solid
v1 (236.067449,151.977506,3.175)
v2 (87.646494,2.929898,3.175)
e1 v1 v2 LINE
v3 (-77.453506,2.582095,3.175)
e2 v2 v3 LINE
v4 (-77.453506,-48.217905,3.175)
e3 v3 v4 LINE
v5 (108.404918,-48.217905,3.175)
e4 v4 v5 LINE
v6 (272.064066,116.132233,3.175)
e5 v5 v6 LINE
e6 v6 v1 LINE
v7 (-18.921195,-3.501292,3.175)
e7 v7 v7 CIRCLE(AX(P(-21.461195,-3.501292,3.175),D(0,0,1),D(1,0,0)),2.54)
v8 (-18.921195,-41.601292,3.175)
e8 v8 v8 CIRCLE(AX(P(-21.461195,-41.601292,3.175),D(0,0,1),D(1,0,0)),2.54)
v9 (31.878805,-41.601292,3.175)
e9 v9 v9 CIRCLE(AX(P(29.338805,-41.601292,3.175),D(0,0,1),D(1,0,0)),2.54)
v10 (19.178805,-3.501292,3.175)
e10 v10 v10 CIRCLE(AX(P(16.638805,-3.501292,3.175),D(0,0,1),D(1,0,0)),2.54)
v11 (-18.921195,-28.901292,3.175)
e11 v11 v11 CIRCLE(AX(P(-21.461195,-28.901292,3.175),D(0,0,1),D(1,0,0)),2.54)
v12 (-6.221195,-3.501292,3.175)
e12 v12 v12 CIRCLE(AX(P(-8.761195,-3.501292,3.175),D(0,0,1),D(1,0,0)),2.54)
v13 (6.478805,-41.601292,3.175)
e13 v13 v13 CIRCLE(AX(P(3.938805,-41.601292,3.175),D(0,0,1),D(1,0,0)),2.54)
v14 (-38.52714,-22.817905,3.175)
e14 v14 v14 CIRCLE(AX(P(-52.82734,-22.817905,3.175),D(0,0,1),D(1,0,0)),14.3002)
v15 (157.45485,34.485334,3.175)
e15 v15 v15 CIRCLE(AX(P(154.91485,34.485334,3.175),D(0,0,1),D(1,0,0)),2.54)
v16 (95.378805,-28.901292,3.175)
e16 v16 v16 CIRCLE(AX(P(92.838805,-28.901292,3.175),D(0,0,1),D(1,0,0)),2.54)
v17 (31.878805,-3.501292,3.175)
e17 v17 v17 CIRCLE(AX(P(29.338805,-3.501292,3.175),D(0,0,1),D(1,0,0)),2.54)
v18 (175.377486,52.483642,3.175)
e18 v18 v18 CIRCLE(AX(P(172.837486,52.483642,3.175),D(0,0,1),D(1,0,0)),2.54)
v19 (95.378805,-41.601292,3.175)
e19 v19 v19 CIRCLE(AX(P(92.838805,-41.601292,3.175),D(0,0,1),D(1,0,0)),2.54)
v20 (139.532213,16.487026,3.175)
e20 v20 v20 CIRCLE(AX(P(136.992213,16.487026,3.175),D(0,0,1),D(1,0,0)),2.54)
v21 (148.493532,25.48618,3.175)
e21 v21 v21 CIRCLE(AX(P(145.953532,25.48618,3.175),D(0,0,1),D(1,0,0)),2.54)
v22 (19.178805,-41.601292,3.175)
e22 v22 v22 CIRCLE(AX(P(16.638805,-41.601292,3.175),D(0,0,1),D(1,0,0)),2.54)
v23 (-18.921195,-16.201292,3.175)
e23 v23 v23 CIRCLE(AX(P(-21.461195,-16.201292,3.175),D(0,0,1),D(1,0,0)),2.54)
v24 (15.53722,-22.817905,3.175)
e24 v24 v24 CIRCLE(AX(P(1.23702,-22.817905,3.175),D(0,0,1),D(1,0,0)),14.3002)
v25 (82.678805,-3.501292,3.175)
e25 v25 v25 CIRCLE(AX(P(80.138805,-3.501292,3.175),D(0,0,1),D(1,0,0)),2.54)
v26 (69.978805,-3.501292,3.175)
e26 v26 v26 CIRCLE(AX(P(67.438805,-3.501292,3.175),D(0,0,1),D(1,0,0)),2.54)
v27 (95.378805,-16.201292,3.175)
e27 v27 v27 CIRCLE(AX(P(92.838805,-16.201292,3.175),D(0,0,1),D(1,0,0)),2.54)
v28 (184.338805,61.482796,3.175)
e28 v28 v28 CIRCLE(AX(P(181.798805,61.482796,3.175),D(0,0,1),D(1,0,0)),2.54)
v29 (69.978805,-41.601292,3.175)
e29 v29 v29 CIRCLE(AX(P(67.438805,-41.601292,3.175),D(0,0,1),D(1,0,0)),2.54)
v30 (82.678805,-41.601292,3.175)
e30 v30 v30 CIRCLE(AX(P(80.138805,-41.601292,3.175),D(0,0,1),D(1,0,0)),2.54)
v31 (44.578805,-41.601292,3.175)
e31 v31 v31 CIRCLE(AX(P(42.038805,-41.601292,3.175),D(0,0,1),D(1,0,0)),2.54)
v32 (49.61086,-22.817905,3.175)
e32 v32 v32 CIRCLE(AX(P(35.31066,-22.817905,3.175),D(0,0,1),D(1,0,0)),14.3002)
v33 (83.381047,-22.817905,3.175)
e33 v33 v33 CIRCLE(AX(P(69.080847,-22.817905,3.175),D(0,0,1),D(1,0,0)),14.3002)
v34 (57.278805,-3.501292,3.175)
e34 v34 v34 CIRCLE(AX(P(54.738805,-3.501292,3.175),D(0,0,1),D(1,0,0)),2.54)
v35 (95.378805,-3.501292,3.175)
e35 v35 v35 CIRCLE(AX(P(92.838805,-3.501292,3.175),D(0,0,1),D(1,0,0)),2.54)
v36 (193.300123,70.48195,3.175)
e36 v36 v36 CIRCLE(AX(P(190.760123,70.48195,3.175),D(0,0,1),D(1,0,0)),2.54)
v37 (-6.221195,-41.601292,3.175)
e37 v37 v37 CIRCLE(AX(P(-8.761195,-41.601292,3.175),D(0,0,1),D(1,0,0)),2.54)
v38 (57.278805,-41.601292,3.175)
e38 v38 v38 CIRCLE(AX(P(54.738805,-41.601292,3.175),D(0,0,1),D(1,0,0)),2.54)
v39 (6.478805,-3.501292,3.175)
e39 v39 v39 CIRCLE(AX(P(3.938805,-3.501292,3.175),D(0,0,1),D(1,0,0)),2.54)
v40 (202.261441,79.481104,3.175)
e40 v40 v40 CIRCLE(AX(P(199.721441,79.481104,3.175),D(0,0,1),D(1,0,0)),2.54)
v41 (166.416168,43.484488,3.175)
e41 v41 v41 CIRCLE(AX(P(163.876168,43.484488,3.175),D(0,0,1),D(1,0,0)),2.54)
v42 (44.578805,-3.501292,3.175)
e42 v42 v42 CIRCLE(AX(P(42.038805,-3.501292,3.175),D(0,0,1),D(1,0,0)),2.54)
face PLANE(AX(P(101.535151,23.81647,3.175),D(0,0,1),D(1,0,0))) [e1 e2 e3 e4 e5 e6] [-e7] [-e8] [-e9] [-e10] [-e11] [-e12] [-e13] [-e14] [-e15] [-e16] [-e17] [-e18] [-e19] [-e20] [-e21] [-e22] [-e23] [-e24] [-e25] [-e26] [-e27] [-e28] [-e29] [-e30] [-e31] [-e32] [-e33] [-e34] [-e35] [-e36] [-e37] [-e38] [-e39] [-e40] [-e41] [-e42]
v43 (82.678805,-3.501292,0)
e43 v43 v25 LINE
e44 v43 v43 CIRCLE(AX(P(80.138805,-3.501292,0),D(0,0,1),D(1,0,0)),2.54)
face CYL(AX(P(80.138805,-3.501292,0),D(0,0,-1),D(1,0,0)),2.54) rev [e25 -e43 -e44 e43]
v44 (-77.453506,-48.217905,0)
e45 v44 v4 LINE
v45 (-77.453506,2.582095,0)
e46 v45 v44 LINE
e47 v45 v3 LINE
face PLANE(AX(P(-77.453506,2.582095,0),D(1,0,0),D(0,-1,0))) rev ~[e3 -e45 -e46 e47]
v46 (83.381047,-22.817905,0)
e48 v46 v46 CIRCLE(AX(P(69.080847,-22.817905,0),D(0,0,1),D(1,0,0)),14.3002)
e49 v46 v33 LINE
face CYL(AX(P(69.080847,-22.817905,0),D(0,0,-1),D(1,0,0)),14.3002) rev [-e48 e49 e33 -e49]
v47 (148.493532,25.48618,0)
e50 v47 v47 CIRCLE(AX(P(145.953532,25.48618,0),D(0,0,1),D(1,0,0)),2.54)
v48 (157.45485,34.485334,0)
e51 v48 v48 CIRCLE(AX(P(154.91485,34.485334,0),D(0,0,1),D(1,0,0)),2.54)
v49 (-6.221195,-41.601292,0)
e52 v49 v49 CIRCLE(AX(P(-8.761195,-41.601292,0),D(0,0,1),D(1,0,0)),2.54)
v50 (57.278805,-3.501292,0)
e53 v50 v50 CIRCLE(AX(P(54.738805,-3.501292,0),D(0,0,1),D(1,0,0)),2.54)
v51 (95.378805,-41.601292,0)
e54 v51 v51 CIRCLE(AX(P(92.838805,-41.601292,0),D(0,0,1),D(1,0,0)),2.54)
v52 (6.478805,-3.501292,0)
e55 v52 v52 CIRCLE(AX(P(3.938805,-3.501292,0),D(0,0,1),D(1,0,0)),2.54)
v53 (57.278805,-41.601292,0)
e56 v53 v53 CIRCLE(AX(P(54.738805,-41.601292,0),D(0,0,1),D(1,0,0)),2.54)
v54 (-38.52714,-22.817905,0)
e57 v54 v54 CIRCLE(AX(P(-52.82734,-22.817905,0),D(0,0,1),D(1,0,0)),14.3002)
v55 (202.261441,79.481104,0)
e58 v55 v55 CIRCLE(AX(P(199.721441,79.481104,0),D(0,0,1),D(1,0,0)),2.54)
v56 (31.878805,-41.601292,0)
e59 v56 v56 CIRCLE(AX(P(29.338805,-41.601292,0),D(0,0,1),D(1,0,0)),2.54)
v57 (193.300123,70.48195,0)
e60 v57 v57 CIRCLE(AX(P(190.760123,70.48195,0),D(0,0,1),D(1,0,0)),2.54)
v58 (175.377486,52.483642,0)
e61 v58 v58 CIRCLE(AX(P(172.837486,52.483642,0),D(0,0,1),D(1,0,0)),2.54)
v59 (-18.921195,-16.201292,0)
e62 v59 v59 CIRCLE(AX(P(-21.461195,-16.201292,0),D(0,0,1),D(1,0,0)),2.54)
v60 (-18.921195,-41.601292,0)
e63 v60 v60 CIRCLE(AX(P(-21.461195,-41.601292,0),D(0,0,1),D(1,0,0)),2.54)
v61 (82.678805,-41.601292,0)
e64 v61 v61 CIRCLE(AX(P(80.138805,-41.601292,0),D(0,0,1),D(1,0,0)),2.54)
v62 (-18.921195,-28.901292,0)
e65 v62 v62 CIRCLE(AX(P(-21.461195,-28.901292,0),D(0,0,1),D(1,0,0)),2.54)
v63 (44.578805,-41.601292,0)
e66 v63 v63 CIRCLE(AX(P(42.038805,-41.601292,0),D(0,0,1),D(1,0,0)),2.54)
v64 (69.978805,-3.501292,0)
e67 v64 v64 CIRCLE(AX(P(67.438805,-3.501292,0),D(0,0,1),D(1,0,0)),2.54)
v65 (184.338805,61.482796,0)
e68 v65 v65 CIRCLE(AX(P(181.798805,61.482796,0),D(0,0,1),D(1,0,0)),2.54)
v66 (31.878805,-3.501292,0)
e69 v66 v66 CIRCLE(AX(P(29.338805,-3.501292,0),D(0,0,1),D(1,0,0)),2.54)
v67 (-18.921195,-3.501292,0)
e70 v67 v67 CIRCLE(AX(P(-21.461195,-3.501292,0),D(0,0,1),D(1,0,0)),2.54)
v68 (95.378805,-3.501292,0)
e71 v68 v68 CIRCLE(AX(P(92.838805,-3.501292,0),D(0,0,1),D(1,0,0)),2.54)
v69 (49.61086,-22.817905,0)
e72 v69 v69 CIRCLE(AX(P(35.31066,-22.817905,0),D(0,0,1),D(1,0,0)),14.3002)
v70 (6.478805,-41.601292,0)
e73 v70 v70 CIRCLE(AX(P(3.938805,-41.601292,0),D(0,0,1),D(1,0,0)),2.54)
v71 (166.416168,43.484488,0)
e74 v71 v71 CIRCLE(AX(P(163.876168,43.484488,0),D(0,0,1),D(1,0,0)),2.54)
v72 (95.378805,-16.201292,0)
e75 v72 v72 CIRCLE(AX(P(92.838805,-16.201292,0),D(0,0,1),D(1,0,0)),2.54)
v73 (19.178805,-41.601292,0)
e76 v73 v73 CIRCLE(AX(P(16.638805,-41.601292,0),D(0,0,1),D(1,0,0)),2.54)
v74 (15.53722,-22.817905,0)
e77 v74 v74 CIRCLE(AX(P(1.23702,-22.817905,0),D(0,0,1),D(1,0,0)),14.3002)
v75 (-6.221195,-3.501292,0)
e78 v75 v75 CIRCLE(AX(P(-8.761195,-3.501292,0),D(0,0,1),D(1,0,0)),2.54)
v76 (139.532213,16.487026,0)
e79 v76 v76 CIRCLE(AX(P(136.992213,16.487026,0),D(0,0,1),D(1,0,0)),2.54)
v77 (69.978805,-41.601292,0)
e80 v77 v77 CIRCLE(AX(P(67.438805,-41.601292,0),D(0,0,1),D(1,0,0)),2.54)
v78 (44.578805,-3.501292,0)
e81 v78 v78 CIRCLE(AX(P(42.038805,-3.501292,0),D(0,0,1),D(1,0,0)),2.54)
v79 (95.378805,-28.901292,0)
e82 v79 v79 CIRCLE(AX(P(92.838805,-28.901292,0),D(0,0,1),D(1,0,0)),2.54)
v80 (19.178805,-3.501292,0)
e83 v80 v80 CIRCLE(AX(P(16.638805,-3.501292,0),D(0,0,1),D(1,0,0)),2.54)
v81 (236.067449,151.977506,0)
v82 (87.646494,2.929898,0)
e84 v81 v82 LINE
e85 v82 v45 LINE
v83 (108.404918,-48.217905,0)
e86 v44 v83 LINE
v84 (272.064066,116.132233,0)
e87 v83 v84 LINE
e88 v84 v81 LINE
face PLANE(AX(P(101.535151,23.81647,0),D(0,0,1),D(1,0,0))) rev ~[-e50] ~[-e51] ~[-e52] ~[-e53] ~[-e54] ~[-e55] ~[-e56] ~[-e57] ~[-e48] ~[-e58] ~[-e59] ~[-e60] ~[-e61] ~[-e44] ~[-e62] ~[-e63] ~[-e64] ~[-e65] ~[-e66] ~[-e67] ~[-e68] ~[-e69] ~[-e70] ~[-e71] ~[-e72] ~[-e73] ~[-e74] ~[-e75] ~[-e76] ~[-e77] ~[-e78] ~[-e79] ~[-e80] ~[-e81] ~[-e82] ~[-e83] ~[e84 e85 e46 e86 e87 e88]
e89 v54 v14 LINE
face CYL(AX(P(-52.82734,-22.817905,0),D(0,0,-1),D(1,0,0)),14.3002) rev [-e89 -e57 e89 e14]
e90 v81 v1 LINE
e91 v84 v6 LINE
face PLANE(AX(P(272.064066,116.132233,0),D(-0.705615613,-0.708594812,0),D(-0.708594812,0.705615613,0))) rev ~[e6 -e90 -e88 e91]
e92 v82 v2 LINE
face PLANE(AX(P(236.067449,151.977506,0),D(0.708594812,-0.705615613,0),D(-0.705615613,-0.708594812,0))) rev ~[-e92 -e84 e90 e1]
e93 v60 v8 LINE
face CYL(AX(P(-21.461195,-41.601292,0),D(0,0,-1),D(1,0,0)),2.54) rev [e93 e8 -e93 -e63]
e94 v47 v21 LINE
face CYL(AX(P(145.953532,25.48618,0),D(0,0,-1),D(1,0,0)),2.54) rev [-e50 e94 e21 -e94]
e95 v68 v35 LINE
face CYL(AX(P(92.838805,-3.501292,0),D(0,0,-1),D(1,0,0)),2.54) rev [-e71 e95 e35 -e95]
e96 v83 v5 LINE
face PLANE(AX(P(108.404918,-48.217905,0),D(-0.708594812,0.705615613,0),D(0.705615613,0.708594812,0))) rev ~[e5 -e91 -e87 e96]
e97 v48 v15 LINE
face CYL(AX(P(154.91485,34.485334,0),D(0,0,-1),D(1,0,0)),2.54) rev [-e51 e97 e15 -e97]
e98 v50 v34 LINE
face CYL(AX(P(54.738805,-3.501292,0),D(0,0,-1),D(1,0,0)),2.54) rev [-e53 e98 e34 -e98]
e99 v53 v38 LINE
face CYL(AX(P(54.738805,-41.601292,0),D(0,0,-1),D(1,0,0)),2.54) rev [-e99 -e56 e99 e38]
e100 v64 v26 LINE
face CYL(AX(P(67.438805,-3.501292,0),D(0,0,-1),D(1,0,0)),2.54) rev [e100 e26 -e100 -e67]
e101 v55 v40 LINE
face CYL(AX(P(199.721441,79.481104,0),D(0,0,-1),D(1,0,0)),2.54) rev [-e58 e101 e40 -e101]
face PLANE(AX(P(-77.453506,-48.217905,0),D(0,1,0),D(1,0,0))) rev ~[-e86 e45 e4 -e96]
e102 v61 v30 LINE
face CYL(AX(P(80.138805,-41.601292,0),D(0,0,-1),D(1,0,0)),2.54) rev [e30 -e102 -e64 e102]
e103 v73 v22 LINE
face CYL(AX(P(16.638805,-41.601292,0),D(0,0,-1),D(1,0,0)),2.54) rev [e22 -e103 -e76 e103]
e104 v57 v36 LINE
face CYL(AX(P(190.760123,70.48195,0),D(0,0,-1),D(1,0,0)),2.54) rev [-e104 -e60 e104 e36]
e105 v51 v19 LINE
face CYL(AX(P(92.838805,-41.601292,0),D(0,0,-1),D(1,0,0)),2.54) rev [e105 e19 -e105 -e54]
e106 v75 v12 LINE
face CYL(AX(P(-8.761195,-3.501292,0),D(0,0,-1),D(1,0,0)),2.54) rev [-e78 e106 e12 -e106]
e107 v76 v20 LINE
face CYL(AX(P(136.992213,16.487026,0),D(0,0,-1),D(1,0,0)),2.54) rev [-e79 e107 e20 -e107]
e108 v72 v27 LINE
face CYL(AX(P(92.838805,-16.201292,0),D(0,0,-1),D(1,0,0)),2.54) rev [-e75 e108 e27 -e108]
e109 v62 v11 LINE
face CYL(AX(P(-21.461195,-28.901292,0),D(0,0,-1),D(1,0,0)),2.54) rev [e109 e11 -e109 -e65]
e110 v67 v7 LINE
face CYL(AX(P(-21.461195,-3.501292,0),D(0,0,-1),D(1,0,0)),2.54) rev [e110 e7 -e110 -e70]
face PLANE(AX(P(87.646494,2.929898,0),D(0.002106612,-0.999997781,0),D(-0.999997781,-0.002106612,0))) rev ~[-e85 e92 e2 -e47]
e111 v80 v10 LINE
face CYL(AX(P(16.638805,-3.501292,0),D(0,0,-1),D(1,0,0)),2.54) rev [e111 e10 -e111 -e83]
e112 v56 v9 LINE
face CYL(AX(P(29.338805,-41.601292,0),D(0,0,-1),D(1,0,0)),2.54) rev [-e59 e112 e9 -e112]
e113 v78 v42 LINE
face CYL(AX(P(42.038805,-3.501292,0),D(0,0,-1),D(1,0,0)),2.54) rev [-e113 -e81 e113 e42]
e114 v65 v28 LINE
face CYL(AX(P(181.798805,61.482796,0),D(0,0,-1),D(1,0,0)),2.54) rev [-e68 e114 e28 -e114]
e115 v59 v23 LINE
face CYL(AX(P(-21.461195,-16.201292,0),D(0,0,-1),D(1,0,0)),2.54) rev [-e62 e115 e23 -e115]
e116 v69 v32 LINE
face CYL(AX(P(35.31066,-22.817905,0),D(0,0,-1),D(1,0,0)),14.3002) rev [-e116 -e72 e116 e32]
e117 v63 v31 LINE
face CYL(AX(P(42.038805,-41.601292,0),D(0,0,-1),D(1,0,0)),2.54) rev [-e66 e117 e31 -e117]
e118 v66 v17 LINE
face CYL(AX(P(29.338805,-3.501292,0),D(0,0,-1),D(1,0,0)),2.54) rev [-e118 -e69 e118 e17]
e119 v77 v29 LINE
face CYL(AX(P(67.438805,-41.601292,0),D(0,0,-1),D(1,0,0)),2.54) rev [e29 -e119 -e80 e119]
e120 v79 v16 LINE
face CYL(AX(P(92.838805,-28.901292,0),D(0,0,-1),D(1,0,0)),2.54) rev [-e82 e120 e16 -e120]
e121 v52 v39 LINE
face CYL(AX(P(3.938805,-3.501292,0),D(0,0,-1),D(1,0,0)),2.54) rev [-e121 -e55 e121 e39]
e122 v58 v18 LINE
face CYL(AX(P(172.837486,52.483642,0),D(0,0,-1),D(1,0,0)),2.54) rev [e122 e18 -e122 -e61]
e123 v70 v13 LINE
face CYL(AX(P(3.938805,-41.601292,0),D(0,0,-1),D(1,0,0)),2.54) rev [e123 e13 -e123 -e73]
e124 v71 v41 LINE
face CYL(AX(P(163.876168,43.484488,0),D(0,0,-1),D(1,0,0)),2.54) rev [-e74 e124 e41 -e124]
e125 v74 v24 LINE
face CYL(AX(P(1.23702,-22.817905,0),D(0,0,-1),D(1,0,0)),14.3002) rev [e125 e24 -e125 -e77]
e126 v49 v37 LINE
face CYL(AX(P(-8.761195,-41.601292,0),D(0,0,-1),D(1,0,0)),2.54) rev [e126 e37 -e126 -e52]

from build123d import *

# Parameters (mm, degrees)
SKETCH2_R           = 2.54
SKETCH2_R_2         = 14.3002
BOSS_EXTRUDE1_DEPTH = 3.175


with BuildPart() as part:
    # Sketch2 → Boss-Extrude1 (new body)
    with BuildSketch(Plane.XY):
        Polygon((-77.453506494, 2.582095372), (-77.453506494, -48.217904628), (108.404918235, -48.217904628), (272.064065773, 116.132232758), (236.067449331, 151.977505873), (87.646493506, 2.929897795), align=None)
        with Locations((-21.461195034, -3.501292029)):
            Circle(SKETCH2_R, mode=Mode.SUBTRACT)
        with Locations((-21.461195034, -16.201292029)):
            Circle(SKETCH2_R, mode=Mode.SUBTRACT)
        with Locations((-21.461195034, -28.901292029)):
            Circle(SKETCH2_R, mode=Mode.SUBTRACT)
        with Locations((-21.461195034, -41.601292029)):
            Circle(SKETCH2_R, mode=Mode.SUBTRACT)
        with Locations((-8.761195034, -41.601292029)):
            Circle(SKETCH2_R, mode=Mode.SUBTRACT)
        with Locations((3.938804966, -41.601292029)):
            Circle(SKETCH2_R, mode=Mode.SUBTRACT)
        with Locations((16.638804966, -41.601292029)):
            Circle(SKETCH2_R, mode=Mode.SUBTRACT)
        with Locations((29.338804966, -41.601292029)):
            Circle(SKETCH2_R, mode=Mode.SUBTRACT)
        with Locations((42.038804966, -41.601292029)):
            Circle(SKETCH2_R, mode=Mode.SUBTRACT)
        with Locations((-8.761195034, -3.501292029)):
            Circle(SKETCH2_R, mode=Mode.SUBTRACT)
        with Locations((3.938804966, -3.501292029)):
            Circle(SKETCH2_R, mode=Mode.SUBTRACT)
        with Locations((16.638804966, -3.501292029)):
            Circle(SKETCH2_R, mode=Mode.SUBTRACT)
        with Locations((29.338804966, -3.501292029)):
            Circle(SKETCH2_R, mode=Mode.SUBTRACT)
        with Locations((42.038804966, -3.501292029)):
            Circle(SKETCH2_R, mode=Mode.SUBTRACT)
        with Locations((54.738804966, -3.501292029)):
            Circle(SKETCH2_R, mode=Mode.SUBTRACT)
        with Locations((67.438804966, -3.501292029)):
            Circle(SKETCH2_R, mode=Mode.SUBTRACT)
        with Locations((80.138804966, -3.501292029)):
            Circle(SKETCH2_R, mode=Mode.SUBTRACT)
        with Locations((92.838804966, -3.501292029)):
            Circle(SKETCH2_R, mode=Mode.SUBTRACT)
        with Locations((92.838804966, -16.201292029)):
            Circle(SKETCH2_R, mode=Mode.SUBTRACT)
        with Locations((92.838804966, -28.901292029)):
            Circle(SKETCH2_R, mode=Mode.SUBTRACT)
        with Locations((54.738804966, -41.601292029)):
            Circle(SKETCH2_R, mode=Mode.SUBTRACT)
        with Locations((67.438804966, -41.601292029)):
            Circle(SKETCH2_R, mode=Mode.SUBTRACT)
        with Locations((80.138804966, -41.601292029)):
            Circle(SKETCH2_R, mode=Mode.SUBTRACT)
        with Locations((92.838804966, -41.601292029)):
            Circle(SKETCH2_R, mode=Mode.SUBTRACT)
        with Locations((69.080846726, -22.817904628)):
            Circle(SKETCH2_R_2, mode=Mode.SUBTRACT)
        with Locations((35.310660441, -22.817904628)):
            Circle(SKETCH2_R_2, mode=Mode.SUBTRACT)
        with Locations((1.237019836, -22.817904628)):
            Circle(SKETCH2_R_2, mode=Mode.SUBTRACT)
        with Locations((-52.827339559, -22.817904628)):
            Circle(SKETCH2_R_2, mode=Mode.SUBTRACT)
        with Locations((136.992213353, 16.487025642)):
            Circle(SKETCH2_R, mode=Mode.SUBTRACT)
        with Locations((145.953531631, 25.486179753)):
            Circle(SKETCH2_R, mode=Mode.SUBTRACT)
        with Locations((154.91484991, 34.485333864)):
            Circle(SKETCH2_R, mode=Mode.SUBTRACT)
        with Locations((163.876168189, 43.484487974)):
            Circle(SKETCH2_R, mode=Mode.SUBTRACT)
        with Locations((172.837486468, 52.483642085)):
            Circle(SKETCH2_R, mode=Mode.SUBTRACT)
        with Locations((181.798804747, 61.482796195)):
            Circle(SKETCH2_R, mode=Mode.SUBTRACT)
        with Locations((190.760123026, 70.481950306)):
            Circle(SKETCH2_R, mode=Mode.SUBTRACT)
        with Locations((199.721441305, 79.481104416)):
            Circle(SKETCH2_R, mode=Mode.SUBTRACT)
    extrude(amount=BOSS_EXTRUDE1_DEPTH)


solid = part.part
